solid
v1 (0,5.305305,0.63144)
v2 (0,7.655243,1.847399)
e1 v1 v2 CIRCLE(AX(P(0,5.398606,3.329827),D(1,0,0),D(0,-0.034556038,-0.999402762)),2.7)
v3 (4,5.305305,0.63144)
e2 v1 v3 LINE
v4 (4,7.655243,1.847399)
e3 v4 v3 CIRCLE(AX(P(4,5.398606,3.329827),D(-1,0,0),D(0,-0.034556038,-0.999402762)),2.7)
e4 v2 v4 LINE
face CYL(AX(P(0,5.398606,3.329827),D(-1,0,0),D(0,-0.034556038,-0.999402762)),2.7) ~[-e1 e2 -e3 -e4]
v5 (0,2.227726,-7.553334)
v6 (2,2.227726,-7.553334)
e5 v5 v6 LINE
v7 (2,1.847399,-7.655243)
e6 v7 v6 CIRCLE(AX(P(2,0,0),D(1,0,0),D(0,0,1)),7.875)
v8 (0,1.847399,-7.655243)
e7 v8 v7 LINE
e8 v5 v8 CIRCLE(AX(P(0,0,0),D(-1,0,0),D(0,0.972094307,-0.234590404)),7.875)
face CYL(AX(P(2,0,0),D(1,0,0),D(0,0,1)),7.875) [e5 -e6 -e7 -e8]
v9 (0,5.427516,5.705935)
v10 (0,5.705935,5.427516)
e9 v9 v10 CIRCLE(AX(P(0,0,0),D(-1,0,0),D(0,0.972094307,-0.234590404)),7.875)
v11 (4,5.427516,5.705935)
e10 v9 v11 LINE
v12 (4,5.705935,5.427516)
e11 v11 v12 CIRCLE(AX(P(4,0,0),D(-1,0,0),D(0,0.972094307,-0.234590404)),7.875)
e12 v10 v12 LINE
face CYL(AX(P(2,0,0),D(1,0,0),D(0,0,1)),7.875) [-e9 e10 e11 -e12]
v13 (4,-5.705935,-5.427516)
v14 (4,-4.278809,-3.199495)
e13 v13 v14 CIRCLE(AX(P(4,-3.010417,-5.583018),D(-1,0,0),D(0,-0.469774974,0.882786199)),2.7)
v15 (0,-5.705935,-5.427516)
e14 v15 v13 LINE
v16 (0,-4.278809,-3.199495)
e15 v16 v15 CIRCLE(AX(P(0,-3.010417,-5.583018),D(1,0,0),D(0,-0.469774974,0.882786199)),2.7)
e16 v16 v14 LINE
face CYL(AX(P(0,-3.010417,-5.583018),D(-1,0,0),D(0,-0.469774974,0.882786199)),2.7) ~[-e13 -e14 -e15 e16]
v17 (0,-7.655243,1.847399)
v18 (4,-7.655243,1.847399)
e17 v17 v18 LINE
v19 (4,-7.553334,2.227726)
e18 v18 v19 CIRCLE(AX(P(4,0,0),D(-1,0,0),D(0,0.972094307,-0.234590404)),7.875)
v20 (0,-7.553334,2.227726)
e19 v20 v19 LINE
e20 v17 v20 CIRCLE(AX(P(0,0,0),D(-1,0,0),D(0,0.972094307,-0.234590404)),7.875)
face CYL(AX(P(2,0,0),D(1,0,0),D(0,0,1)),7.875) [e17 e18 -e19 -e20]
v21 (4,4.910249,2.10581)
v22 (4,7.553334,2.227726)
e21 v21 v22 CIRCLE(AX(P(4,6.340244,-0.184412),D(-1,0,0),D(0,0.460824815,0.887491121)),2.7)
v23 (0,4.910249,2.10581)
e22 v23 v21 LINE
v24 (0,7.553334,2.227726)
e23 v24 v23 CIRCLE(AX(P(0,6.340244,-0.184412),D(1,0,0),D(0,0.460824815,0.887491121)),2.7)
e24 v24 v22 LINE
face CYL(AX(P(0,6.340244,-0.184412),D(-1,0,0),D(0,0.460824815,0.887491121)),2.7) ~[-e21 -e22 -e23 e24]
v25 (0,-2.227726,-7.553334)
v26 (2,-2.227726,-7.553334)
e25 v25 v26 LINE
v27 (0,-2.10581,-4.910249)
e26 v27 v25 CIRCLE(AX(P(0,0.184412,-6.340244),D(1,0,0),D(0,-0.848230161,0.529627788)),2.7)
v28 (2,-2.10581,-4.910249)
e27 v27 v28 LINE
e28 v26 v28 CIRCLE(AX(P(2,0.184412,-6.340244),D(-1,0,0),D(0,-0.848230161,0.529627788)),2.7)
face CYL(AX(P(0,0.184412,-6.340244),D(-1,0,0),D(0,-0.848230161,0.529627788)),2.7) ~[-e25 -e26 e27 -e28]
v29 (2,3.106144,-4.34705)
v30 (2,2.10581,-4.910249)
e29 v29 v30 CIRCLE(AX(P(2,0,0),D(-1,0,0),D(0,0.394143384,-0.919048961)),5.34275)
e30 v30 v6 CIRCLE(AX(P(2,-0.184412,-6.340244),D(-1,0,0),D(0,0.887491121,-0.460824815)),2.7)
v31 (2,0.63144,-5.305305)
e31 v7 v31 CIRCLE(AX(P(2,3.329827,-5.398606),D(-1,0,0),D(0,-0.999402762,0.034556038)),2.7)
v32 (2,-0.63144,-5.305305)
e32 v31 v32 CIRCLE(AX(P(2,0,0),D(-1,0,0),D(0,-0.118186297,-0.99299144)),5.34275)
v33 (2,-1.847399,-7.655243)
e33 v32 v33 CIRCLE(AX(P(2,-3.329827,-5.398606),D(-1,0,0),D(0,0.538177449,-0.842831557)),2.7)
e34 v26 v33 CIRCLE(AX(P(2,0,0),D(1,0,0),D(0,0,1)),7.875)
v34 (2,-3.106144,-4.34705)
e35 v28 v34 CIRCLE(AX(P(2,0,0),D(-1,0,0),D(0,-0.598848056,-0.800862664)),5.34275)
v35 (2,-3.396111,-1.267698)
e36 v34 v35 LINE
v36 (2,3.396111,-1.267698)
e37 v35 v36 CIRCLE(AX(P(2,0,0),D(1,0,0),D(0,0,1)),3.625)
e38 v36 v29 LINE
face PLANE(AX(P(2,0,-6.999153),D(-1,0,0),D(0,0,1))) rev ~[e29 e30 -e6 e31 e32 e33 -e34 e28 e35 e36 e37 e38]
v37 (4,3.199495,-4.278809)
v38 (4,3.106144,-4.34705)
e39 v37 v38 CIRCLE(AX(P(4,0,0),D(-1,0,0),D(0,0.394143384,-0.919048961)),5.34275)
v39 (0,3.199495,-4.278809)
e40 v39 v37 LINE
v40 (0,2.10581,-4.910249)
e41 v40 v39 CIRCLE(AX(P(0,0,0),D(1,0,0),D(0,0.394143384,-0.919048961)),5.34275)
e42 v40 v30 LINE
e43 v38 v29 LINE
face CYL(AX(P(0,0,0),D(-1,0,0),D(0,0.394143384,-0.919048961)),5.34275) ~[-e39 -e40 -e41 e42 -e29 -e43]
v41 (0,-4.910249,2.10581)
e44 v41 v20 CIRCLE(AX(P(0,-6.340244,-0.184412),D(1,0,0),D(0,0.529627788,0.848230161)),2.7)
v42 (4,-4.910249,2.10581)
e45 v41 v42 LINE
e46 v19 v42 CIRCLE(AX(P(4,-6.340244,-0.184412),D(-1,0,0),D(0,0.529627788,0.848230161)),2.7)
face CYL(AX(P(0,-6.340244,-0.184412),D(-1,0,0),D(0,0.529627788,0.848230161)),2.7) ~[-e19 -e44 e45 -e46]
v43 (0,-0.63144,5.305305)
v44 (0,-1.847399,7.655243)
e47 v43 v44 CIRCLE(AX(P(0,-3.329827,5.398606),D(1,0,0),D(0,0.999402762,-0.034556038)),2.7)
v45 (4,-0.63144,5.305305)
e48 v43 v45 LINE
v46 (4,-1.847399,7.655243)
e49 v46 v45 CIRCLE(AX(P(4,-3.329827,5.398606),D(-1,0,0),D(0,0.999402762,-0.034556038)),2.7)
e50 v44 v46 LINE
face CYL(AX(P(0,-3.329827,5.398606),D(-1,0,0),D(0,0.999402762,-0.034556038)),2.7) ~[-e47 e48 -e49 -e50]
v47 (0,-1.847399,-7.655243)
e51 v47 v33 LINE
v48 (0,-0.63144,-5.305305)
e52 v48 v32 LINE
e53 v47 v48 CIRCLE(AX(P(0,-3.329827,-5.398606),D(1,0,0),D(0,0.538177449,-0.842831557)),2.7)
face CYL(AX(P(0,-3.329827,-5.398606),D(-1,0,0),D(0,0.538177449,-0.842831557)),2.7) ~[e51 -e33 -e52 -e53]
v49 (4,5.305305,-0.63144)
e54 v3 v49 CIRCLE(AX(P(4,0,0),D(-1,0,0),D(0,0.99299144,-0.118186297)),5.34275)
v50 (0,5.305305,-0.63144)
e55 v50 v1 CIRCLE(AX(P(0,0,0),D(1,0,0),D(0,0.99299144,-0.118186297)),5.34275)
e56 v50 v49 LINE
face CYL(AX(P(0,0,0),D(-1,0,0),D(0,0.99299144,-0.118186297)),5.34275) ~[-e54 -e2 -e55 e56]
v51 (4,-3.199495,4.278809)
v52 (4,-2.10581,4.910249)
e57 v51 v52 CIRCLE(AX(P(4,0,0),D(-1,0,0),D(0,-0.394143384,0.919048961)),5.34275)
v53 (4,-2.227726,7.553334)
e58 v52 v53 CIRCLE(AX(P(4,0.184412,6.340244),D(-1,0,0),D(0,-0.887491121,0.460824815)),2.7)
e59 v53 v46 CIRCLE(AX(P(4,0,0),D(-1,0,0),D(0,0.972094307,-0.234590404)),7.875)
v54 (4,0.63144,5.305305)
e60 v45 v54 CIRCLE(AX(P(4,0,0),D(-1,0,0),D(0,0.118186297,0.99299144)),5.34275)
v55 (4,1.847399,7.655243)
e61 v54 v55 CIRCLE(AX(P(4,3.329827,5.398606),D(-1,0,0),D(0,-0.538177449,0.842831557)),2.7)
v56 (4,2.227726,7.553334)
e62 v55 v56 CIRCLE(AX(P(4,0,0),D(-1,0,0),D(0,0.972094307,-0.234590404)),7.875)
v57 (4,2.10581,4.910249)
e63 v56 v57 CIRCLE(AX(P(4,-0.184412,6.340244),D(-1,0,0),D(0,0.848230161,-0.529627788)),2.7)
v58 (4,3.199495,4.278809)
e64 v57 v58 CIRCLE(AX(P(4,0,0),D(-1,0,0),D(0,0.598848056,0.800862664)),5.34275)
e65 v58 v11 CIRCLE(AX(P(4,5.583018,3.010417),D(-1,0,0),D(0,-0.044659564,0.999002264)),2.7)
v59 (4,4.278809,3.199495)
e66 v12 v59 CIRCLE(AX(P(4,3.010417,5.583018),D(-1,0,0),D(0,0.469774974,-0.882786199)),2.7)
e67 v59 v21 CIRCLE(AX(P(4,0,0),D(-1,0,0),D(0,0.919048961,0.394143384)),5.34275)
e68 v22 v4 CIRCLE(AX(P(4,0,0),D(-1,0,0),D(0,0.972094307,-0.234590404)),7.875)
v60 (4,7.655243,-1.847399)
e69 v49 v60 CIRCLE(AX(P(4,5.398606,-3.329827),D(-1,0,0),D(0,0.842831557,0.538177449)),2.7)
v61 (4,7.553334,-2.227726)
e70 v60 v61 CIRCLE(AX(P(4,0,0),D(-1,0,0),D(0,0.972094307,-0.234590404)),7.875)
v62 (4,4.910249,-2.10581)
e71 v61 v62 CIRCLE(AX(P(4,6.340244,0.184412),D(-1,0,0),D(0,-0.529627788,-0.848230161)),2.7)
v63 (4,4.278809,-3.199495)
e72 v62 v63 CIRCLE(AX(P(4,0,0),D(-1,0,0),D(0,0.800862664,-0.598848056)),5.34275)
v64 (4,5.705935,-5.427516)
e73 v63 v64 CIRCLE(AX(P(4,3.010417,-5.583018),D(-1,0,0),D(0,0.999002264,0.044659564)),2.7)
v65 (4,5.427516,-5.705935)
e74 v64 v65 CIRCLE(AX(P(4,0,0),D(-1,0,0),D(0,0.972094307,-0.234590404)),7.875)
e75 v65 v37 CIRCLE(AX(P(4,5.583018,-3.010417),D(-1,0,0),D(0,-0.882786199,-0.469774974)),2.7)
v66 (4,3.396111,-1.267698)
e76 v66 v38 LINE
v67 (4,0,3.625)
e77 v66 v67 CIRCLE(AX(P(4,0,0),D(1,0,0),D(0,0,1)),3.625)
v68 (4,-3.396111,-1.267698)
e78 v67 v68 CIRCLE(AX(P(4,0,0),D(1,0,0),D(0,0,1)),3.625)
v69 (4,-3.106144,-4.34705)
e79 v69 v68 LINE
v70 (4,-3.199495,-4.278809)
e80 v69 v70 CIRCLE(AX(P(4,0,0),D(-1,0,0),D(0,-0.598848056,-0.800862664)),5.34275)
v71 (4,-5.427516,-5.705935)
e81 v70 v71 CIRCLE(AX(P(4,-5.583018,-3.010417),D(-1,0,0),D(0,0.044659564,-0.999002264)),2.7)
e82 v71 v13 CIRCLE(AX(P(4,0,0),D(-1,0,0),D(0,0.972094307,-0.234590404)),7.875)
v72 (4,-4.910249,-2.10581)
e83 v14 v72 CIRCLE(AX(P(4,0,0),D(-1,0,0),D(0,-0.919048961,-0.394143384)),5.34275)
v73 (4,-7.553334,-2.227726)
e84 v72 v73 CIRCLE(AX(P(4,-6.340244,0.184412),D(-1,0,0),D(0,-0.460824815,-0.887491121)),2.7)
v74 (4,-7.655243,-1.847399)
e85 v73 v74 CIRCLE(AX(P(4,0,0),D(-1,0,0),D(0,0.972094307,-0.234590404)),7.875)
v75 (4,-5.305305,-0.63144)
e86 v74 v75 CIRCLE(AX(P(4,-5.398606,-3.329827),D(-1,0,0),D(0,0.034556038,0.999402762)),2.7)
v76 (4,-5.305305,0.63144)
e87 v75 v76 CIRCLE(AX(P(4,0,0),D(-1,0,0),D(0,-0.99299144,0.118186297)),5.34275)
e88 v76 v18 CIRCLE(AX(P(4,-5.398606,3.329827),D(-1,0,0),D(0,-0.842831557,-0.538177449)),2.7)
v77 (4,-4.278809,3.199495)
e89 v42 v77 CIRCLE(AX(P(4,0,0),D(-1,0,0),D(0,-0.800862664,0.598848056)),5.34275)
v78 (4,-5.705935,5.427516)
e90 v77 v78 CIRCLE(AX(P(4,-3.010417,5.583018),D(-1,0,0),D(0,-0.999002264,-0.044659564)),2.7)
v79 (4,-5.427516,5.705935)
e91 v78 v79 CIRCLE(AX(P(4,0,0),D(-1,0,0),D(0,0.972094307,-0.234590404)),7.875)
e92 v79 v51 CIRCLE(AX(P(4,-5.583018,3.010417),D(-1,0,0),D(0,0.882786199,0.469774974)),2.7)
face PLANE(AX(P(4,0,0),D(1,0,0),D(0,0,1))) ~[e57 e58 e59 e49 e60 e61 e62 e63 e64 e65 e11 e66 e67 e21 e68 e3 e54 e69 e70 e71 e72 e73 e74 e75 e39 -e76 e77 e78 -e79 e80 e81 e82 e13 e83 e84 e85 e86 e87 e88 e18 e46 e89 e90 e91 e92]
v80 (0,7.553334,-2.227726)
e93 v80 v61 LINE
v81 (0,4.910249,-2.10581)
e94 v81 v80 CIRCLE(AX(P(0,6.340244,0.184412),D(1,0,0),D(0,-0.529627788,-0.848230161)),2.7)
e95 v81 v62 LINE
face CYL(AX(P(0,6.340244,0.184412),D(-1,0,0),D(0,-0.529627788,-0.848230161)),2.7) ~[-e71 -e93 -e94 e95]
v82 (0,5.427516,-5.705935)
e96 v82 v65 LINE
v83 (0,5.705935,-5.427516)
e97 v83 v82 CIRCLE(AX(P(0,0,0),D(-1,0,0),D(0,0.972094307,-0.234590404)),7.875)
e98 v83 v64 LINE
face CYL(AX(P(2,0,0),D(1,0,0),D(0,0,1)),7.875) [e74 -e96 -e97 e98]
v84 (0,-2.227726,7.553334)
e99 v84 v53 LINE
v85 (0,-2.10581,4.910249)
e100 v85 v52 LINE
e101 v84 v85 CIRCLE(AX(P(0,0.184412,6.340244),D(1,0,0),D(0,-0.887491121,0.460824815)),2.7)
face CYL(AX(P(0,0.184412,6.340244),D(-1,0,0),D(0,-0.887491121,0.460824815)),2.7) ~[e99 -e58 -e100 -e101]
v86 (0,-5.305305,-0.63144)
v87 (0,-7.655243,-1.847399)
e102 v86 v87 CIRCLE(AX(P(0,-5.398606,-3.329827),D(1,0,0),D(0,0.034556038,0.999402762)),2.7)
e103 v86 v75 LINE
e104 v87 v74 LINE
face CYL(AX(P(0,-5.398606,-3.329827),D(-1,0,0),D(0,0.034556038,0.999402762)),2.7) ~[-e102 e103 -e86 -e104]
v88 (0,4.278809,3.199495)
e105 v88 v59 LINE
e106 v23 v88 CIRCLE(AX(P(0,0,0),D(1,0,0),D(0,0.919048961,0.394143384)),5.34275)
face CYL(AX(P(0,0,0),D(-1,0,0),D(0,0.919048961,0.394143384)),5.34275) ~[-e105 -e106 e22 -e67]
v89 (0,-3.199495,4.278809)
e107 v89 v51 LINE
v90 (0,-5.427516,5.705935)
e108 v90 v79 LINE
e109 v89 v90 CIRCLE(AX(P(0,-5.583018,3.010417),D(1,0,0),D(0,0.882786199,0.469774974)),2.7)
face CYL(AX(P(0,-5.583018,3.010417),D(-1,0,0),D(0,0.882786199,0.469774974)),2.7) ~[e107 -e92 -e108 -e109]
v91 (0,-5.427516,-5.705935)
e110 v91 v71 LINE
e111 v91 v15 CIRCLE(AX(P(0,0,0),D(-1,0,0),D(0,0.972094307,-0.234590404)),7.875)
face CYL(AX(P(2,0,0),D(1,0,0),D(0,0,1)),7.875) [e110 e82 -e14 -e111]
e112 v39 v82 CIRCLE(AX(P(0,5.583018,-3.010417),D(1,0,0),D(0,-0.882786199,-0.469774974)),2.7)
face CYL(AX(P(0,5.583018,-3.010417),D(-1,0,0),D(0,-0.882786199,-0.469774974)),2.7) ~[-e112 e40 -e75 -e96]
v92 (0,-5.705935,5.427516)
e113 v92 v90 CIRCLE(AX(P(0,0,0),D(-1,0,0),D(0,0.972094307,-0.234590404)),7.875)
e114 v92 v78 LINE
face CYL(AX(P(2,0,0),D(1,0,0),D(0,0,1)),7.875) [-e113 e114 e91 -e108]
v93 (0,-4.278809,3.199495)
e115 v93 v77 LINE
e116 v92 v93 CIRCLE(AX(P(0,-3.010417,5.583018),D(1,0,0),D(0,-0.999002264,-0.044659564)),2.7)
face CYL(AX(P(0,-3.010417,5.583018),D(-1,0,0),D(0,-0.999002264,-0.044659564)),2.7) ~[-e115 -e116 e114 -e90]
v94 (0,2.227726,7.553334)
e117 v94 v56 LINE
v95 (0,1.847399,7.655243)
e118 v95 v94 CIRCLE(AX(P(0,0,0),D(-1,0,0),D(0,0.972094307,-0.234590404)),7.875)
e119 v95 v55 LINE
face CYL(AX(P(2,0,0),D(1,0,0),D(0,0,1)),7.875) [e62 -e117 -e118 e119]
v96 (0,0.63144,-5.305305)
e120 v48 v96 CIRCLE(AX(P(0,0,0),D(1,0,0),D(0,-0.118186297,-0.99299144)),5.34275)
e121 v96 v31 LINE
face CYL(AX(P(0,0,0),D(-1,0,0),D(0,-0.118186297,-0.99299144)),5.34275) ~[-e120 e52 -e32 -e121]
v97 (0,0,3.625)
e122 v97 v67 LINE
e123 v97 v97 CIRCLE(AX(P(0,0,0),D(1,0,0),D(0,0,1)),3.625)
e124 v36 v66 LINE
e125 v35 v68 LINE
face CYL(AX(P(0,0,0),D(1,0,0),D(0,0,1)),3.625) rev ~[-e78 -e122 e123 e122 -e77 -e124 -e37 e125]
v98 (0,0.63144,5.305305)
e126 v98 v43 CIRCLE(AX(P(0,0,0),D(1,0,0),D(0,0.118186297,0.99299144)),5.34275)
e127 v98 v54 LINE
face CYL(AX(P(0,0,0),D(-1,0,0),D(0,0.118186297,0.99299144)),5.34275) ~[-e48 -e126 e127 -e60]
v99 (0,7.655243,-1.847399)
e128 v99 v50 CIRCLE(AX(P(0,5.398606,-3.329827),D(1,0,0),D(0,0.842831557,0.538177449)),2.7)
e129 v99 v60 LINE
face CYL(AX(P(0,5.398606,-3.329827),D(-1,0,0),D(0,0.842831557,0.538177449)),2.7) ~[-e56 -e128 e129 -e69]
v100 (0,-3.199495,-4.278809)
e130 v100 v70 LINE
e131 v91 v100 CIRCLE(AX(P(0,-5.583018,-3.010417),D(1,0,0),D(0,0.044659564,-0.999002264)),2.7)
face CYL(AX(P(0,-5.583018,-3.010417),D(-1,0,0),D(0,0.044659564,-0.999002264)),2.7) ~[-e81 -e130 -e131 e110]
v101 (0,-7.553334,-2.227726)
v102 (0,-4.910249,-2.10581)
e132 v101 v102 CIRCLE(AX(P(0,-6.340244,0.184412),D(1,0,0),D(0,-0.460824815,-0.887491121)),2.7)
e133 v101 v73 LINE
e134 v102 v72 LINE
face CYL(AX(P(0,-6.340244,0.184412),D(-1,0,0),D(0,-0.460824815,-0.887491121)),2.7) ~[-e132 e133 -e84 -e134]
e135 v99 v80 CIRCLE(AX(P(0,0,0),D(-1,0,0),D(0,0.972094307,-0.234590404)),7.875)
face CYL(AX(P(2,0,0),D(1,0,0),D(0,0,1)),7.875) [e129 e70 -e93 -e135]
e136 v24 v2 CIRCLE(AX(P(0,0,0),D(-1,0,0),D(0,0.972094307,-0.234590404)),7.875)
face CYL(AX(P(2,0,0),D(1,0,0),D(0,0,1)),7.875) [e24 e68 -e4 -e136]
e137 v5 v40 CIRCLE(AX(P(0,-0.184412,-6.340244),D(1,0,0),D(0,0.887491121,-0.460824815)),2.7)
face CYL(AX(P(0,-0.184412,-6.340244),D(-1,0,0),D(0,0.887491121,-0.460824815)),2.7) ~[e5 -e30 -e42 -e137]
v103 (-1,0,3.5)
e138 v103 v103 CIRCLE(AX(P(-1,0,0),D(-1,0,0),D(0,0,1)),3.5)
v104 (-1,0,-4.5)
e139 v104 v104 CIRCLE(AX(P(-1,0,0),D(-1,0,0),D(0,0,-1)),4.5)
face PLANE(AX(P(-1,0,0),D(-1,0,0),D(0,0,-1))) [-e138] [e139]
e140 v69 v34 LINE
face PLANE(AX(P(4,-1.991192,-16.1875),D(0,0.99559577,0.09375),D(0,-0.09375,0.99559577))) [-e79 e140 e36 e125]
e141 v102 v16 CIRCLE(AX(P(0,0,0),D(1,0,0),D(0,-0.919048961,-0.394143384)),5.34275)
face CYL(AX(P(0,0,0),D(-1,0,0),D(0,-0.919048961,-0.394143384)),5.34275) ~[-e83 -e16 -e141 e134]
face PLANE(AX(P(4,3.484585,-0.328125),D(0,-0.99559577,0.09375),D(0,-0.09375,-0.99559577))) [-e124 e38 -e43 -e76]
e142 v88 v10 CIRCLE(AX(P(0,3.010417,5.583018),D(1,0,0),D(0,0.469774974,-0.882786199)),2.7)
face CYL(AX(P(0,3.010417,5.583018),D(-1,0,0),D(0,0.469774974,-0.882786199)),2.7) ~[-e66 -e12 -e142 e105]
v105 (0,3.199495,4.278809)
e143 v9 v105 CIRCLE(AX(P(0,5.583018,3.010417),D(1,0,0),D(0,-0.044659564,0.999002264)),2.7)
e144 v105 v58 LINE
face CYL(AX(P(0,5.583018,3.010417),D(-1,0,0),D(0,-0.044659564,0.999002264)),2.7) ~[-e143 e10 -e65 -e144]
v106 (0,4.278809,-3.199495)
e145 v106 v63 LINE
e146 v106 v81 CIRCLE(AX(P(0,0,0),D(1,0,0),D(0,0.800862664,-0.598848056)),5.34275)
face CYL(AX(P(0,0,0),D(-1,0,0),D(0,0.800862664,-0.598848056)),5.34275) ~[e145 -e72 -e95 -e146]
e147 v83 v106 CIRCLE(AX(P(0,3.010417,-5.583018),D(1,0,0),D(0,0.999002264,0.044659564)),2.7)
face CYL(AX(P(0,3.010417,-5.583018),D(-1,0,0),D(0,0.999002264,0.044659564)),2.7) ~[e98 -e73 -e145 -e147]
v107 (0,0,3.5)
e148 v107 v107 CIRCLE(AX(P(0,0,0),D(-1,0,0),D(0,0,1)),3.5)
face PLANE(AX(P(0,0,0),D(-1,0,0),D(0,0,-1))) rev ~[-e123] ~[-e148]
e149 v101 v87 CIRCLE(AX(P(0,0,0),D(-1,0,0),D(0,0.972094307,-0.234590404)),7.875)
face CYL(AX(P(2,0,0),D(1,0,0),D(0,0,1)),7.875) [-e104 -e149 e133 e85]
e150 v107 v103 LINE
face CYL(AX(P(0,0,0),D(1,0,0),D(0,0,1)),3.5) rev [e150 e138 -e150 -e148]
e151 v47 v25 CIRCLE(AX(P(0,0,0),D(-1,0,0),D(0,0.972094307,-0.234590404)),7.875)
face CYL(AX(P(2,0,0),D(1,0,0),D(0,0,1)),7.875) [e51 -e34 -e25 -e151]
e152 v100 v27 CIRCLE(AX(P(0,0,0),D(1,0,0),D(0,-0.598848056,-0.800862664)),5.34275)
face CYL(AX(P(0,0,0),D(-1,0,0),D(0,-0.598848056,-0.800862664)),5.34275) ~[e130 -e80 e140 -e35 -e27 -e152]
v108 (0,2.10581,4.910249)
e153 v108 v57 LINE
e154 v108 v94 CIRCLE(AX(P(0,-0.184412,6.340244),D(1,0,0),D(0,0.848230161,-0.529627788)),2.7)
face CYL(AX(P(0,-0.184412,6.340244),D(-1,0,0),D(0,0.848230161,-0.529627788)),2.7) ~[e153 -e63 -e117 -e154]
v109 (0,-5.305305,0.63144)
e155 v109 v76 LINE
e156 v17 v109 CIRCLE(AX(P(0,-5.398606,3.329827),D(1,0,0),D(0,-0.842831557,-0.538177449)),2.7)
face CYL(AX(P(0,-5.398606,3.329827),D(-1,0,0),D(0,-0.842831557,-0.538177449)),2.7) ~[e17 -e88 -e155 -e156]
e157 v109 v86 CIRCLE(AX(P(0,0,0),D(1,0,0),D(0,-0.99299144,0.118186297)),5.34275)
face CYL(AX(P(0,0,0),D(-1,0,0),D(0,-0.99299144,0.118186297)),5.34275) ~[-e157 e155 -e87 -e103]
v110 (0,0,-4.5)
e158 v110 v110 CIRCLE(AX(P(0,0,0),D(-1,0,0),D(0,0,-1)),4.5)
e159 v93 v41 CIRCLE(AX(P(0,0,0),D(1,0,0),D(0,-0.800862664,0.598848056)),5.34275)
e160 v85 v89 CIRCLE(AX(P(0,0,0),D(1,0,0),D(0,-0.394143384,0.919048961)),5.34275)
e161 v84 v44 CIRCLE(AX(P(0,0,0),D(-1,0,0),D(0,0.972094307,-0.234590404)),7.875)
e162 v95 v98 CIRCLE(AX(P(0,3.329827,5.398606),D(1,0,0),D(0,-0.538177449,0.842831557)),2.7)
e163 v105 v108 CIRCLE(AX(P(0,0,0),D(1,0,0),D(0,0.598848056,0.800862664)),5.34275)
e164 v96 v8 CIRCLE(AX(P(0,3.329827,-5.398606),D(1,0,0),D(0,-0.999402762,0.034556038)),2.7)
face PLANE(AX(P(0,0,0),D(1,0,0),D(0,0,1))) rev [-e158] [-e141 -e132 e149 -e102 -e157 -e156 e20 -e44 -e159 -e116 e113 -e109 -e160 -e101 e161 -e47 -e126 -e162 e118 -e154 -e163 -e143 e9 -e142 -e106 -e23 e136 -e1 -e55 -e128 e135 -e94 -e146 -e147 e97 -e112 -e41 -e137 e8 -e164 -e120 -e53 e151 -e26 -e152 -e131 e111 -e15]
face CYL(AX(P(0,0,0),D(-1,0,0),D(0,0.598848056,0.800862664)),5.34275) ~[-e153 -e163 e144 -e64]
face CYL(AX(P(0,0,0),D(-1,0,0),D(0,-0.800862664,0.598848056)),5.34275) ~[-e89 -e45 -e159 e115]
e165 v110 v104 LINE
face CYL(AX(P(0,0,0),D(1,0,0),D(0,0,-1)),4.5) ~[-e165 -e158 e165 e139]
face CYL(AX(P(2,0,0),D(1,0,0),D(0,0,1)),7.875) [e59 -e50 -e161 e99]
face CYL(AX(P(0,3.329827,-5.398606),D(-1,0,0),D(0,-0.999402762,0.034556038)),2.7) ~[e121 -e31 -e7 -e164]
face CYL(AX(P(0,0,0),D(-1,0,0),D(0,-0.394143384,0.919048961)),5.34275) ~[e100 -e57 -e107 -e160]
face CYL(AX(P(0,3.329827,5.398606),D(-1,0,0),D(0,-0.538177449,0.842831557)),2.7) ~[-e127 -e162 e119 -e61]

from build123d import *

# Parameters (mm, degrees)
BASPROSKE_W         = 4
BASPROSKE_H         = 7.875
TOOTHCUT_DEPTH      = 12.833480046
TEETHCUTS_COUNT     = 12
TEETHCUTS_ANGLE     = 330
BORSKE_R            = 3.625
BORE_DEPTH          = 50.0000508
SKETCH1_R           = 4.5
SKETCH1_R_2         = 3.5
BOSS_EXTRUDE1_DEPTH = 1
CUT_EXTRUDE2_DEPTH  = 2


with BuildPart() as part:
    # BasProSke → Base-Revolve (revolve)
    with BuildSketch(Plane(origin=(0, 0, 0), x_dir=(1, 0, 0), z_dir=(0, 1, 0)), mode=Mode.PRIVATE) as base_revolve_sk:
        with Locations((2, 3.9375)):
            Rectangle(BASPROSKE_W, BASPROSKE_H)
    revolve(base_revolve_sk.sketch.rotate(Axis((-10, 0, 0), (1, 0, 0)), 180), axis=Axis((-10, 0, 0), (1, 0, 0)))

    # TooCutSke → ToothCut (cut, through all)
    with BuildSketch(Plane(origin=(0, 0, 0), x_dir=(0, 0, -1), z_dir=(1, 0, 0))):
        with BuildLine():
            ThreePointArc((0.631439839, 5.305305014), (0, 5.34275), (-0.631439839, 5.305305014))
            ThreePointArc((-0.631439839, 5.305305014), (-0.93992237, 6.654932089), (-1.876748184, 7.674251521))
            ThreePointArc((-1.876748184, 7.674251521), (0, 7.9004), (1.876748184, 7.674251521))
            ThreePointArc((1.876748184, 7.674251521), (0.93992237, 6.654932089), (0.631439839, 5.305305014))
        make_face()
    toothcut = extrude(amount=TOOTHCUT_DEPTH, mode=Mode.SUBTRACT)

    # TeethCuts: ToothCut ×12 about axis
    teethcuts_axis = Axis((-10, 0, 0), (1, 0, 0))
    for i in range(1, TEETHCUTS_COUNT):
        add(toothcut.rotate(teethcuts_axis, i * TEETHCUTS_ANGLE / (TEETHCUTS_COUNT - 1)), mode=Mode.SUBTRACT)

    # BorSke → Bore (cut, symmetric)
    with BuildSketch(Plane(origin=(0, 0, 0), x_dir=(0, 0, -1), z_dir=(1, 0, 0))):
        with Locations(Location((0, 0, 0), (0, 0, 180))):
            Circle(BORSKE_R)
    extrude(amount=BORE_DEPTH, both=True, mode=Mode.SUBTRACT)

    # Sketch1 → Boss-Extrude1 (add)
    with BuildSketch(Plane.ZY):
        with Locations(Location((0, 0, 0), (0, 0, 180))):
            Circle(SKETCH1_R)
        Circle(SKETCH1_R_2, mode=Mode.SUBTRACT)
    extrude(amount=BOSS_EXTRUDE1_DEPTH)

    # Sketch3 → Cut-Extrude2 (cut)
    with BuildSketch(Plane(origin=(4, 0, 0), x_dir=(0, 0, -1), z_dir=(1, 0, 0))):
        with BuildLine():
            Line((0.328125, 3.484585195), (16.1875, 1.99119154))
            ThreePointArc((16.1875, 1.99119154), (18, 0), (16.1875, -1.99119154))
            Line((16.1875, -1.99119154), (0.328125, -3.484585195))
            ThreePointArc((0.328125, -3.484585195), (-3.5, 0), (0.328125, 3.484585195))
        make_face()
    extrude(amount=-CUT_EXTRUDE2_DEPTH, mode=Mode.SUBTRACT)


solid = part.part
